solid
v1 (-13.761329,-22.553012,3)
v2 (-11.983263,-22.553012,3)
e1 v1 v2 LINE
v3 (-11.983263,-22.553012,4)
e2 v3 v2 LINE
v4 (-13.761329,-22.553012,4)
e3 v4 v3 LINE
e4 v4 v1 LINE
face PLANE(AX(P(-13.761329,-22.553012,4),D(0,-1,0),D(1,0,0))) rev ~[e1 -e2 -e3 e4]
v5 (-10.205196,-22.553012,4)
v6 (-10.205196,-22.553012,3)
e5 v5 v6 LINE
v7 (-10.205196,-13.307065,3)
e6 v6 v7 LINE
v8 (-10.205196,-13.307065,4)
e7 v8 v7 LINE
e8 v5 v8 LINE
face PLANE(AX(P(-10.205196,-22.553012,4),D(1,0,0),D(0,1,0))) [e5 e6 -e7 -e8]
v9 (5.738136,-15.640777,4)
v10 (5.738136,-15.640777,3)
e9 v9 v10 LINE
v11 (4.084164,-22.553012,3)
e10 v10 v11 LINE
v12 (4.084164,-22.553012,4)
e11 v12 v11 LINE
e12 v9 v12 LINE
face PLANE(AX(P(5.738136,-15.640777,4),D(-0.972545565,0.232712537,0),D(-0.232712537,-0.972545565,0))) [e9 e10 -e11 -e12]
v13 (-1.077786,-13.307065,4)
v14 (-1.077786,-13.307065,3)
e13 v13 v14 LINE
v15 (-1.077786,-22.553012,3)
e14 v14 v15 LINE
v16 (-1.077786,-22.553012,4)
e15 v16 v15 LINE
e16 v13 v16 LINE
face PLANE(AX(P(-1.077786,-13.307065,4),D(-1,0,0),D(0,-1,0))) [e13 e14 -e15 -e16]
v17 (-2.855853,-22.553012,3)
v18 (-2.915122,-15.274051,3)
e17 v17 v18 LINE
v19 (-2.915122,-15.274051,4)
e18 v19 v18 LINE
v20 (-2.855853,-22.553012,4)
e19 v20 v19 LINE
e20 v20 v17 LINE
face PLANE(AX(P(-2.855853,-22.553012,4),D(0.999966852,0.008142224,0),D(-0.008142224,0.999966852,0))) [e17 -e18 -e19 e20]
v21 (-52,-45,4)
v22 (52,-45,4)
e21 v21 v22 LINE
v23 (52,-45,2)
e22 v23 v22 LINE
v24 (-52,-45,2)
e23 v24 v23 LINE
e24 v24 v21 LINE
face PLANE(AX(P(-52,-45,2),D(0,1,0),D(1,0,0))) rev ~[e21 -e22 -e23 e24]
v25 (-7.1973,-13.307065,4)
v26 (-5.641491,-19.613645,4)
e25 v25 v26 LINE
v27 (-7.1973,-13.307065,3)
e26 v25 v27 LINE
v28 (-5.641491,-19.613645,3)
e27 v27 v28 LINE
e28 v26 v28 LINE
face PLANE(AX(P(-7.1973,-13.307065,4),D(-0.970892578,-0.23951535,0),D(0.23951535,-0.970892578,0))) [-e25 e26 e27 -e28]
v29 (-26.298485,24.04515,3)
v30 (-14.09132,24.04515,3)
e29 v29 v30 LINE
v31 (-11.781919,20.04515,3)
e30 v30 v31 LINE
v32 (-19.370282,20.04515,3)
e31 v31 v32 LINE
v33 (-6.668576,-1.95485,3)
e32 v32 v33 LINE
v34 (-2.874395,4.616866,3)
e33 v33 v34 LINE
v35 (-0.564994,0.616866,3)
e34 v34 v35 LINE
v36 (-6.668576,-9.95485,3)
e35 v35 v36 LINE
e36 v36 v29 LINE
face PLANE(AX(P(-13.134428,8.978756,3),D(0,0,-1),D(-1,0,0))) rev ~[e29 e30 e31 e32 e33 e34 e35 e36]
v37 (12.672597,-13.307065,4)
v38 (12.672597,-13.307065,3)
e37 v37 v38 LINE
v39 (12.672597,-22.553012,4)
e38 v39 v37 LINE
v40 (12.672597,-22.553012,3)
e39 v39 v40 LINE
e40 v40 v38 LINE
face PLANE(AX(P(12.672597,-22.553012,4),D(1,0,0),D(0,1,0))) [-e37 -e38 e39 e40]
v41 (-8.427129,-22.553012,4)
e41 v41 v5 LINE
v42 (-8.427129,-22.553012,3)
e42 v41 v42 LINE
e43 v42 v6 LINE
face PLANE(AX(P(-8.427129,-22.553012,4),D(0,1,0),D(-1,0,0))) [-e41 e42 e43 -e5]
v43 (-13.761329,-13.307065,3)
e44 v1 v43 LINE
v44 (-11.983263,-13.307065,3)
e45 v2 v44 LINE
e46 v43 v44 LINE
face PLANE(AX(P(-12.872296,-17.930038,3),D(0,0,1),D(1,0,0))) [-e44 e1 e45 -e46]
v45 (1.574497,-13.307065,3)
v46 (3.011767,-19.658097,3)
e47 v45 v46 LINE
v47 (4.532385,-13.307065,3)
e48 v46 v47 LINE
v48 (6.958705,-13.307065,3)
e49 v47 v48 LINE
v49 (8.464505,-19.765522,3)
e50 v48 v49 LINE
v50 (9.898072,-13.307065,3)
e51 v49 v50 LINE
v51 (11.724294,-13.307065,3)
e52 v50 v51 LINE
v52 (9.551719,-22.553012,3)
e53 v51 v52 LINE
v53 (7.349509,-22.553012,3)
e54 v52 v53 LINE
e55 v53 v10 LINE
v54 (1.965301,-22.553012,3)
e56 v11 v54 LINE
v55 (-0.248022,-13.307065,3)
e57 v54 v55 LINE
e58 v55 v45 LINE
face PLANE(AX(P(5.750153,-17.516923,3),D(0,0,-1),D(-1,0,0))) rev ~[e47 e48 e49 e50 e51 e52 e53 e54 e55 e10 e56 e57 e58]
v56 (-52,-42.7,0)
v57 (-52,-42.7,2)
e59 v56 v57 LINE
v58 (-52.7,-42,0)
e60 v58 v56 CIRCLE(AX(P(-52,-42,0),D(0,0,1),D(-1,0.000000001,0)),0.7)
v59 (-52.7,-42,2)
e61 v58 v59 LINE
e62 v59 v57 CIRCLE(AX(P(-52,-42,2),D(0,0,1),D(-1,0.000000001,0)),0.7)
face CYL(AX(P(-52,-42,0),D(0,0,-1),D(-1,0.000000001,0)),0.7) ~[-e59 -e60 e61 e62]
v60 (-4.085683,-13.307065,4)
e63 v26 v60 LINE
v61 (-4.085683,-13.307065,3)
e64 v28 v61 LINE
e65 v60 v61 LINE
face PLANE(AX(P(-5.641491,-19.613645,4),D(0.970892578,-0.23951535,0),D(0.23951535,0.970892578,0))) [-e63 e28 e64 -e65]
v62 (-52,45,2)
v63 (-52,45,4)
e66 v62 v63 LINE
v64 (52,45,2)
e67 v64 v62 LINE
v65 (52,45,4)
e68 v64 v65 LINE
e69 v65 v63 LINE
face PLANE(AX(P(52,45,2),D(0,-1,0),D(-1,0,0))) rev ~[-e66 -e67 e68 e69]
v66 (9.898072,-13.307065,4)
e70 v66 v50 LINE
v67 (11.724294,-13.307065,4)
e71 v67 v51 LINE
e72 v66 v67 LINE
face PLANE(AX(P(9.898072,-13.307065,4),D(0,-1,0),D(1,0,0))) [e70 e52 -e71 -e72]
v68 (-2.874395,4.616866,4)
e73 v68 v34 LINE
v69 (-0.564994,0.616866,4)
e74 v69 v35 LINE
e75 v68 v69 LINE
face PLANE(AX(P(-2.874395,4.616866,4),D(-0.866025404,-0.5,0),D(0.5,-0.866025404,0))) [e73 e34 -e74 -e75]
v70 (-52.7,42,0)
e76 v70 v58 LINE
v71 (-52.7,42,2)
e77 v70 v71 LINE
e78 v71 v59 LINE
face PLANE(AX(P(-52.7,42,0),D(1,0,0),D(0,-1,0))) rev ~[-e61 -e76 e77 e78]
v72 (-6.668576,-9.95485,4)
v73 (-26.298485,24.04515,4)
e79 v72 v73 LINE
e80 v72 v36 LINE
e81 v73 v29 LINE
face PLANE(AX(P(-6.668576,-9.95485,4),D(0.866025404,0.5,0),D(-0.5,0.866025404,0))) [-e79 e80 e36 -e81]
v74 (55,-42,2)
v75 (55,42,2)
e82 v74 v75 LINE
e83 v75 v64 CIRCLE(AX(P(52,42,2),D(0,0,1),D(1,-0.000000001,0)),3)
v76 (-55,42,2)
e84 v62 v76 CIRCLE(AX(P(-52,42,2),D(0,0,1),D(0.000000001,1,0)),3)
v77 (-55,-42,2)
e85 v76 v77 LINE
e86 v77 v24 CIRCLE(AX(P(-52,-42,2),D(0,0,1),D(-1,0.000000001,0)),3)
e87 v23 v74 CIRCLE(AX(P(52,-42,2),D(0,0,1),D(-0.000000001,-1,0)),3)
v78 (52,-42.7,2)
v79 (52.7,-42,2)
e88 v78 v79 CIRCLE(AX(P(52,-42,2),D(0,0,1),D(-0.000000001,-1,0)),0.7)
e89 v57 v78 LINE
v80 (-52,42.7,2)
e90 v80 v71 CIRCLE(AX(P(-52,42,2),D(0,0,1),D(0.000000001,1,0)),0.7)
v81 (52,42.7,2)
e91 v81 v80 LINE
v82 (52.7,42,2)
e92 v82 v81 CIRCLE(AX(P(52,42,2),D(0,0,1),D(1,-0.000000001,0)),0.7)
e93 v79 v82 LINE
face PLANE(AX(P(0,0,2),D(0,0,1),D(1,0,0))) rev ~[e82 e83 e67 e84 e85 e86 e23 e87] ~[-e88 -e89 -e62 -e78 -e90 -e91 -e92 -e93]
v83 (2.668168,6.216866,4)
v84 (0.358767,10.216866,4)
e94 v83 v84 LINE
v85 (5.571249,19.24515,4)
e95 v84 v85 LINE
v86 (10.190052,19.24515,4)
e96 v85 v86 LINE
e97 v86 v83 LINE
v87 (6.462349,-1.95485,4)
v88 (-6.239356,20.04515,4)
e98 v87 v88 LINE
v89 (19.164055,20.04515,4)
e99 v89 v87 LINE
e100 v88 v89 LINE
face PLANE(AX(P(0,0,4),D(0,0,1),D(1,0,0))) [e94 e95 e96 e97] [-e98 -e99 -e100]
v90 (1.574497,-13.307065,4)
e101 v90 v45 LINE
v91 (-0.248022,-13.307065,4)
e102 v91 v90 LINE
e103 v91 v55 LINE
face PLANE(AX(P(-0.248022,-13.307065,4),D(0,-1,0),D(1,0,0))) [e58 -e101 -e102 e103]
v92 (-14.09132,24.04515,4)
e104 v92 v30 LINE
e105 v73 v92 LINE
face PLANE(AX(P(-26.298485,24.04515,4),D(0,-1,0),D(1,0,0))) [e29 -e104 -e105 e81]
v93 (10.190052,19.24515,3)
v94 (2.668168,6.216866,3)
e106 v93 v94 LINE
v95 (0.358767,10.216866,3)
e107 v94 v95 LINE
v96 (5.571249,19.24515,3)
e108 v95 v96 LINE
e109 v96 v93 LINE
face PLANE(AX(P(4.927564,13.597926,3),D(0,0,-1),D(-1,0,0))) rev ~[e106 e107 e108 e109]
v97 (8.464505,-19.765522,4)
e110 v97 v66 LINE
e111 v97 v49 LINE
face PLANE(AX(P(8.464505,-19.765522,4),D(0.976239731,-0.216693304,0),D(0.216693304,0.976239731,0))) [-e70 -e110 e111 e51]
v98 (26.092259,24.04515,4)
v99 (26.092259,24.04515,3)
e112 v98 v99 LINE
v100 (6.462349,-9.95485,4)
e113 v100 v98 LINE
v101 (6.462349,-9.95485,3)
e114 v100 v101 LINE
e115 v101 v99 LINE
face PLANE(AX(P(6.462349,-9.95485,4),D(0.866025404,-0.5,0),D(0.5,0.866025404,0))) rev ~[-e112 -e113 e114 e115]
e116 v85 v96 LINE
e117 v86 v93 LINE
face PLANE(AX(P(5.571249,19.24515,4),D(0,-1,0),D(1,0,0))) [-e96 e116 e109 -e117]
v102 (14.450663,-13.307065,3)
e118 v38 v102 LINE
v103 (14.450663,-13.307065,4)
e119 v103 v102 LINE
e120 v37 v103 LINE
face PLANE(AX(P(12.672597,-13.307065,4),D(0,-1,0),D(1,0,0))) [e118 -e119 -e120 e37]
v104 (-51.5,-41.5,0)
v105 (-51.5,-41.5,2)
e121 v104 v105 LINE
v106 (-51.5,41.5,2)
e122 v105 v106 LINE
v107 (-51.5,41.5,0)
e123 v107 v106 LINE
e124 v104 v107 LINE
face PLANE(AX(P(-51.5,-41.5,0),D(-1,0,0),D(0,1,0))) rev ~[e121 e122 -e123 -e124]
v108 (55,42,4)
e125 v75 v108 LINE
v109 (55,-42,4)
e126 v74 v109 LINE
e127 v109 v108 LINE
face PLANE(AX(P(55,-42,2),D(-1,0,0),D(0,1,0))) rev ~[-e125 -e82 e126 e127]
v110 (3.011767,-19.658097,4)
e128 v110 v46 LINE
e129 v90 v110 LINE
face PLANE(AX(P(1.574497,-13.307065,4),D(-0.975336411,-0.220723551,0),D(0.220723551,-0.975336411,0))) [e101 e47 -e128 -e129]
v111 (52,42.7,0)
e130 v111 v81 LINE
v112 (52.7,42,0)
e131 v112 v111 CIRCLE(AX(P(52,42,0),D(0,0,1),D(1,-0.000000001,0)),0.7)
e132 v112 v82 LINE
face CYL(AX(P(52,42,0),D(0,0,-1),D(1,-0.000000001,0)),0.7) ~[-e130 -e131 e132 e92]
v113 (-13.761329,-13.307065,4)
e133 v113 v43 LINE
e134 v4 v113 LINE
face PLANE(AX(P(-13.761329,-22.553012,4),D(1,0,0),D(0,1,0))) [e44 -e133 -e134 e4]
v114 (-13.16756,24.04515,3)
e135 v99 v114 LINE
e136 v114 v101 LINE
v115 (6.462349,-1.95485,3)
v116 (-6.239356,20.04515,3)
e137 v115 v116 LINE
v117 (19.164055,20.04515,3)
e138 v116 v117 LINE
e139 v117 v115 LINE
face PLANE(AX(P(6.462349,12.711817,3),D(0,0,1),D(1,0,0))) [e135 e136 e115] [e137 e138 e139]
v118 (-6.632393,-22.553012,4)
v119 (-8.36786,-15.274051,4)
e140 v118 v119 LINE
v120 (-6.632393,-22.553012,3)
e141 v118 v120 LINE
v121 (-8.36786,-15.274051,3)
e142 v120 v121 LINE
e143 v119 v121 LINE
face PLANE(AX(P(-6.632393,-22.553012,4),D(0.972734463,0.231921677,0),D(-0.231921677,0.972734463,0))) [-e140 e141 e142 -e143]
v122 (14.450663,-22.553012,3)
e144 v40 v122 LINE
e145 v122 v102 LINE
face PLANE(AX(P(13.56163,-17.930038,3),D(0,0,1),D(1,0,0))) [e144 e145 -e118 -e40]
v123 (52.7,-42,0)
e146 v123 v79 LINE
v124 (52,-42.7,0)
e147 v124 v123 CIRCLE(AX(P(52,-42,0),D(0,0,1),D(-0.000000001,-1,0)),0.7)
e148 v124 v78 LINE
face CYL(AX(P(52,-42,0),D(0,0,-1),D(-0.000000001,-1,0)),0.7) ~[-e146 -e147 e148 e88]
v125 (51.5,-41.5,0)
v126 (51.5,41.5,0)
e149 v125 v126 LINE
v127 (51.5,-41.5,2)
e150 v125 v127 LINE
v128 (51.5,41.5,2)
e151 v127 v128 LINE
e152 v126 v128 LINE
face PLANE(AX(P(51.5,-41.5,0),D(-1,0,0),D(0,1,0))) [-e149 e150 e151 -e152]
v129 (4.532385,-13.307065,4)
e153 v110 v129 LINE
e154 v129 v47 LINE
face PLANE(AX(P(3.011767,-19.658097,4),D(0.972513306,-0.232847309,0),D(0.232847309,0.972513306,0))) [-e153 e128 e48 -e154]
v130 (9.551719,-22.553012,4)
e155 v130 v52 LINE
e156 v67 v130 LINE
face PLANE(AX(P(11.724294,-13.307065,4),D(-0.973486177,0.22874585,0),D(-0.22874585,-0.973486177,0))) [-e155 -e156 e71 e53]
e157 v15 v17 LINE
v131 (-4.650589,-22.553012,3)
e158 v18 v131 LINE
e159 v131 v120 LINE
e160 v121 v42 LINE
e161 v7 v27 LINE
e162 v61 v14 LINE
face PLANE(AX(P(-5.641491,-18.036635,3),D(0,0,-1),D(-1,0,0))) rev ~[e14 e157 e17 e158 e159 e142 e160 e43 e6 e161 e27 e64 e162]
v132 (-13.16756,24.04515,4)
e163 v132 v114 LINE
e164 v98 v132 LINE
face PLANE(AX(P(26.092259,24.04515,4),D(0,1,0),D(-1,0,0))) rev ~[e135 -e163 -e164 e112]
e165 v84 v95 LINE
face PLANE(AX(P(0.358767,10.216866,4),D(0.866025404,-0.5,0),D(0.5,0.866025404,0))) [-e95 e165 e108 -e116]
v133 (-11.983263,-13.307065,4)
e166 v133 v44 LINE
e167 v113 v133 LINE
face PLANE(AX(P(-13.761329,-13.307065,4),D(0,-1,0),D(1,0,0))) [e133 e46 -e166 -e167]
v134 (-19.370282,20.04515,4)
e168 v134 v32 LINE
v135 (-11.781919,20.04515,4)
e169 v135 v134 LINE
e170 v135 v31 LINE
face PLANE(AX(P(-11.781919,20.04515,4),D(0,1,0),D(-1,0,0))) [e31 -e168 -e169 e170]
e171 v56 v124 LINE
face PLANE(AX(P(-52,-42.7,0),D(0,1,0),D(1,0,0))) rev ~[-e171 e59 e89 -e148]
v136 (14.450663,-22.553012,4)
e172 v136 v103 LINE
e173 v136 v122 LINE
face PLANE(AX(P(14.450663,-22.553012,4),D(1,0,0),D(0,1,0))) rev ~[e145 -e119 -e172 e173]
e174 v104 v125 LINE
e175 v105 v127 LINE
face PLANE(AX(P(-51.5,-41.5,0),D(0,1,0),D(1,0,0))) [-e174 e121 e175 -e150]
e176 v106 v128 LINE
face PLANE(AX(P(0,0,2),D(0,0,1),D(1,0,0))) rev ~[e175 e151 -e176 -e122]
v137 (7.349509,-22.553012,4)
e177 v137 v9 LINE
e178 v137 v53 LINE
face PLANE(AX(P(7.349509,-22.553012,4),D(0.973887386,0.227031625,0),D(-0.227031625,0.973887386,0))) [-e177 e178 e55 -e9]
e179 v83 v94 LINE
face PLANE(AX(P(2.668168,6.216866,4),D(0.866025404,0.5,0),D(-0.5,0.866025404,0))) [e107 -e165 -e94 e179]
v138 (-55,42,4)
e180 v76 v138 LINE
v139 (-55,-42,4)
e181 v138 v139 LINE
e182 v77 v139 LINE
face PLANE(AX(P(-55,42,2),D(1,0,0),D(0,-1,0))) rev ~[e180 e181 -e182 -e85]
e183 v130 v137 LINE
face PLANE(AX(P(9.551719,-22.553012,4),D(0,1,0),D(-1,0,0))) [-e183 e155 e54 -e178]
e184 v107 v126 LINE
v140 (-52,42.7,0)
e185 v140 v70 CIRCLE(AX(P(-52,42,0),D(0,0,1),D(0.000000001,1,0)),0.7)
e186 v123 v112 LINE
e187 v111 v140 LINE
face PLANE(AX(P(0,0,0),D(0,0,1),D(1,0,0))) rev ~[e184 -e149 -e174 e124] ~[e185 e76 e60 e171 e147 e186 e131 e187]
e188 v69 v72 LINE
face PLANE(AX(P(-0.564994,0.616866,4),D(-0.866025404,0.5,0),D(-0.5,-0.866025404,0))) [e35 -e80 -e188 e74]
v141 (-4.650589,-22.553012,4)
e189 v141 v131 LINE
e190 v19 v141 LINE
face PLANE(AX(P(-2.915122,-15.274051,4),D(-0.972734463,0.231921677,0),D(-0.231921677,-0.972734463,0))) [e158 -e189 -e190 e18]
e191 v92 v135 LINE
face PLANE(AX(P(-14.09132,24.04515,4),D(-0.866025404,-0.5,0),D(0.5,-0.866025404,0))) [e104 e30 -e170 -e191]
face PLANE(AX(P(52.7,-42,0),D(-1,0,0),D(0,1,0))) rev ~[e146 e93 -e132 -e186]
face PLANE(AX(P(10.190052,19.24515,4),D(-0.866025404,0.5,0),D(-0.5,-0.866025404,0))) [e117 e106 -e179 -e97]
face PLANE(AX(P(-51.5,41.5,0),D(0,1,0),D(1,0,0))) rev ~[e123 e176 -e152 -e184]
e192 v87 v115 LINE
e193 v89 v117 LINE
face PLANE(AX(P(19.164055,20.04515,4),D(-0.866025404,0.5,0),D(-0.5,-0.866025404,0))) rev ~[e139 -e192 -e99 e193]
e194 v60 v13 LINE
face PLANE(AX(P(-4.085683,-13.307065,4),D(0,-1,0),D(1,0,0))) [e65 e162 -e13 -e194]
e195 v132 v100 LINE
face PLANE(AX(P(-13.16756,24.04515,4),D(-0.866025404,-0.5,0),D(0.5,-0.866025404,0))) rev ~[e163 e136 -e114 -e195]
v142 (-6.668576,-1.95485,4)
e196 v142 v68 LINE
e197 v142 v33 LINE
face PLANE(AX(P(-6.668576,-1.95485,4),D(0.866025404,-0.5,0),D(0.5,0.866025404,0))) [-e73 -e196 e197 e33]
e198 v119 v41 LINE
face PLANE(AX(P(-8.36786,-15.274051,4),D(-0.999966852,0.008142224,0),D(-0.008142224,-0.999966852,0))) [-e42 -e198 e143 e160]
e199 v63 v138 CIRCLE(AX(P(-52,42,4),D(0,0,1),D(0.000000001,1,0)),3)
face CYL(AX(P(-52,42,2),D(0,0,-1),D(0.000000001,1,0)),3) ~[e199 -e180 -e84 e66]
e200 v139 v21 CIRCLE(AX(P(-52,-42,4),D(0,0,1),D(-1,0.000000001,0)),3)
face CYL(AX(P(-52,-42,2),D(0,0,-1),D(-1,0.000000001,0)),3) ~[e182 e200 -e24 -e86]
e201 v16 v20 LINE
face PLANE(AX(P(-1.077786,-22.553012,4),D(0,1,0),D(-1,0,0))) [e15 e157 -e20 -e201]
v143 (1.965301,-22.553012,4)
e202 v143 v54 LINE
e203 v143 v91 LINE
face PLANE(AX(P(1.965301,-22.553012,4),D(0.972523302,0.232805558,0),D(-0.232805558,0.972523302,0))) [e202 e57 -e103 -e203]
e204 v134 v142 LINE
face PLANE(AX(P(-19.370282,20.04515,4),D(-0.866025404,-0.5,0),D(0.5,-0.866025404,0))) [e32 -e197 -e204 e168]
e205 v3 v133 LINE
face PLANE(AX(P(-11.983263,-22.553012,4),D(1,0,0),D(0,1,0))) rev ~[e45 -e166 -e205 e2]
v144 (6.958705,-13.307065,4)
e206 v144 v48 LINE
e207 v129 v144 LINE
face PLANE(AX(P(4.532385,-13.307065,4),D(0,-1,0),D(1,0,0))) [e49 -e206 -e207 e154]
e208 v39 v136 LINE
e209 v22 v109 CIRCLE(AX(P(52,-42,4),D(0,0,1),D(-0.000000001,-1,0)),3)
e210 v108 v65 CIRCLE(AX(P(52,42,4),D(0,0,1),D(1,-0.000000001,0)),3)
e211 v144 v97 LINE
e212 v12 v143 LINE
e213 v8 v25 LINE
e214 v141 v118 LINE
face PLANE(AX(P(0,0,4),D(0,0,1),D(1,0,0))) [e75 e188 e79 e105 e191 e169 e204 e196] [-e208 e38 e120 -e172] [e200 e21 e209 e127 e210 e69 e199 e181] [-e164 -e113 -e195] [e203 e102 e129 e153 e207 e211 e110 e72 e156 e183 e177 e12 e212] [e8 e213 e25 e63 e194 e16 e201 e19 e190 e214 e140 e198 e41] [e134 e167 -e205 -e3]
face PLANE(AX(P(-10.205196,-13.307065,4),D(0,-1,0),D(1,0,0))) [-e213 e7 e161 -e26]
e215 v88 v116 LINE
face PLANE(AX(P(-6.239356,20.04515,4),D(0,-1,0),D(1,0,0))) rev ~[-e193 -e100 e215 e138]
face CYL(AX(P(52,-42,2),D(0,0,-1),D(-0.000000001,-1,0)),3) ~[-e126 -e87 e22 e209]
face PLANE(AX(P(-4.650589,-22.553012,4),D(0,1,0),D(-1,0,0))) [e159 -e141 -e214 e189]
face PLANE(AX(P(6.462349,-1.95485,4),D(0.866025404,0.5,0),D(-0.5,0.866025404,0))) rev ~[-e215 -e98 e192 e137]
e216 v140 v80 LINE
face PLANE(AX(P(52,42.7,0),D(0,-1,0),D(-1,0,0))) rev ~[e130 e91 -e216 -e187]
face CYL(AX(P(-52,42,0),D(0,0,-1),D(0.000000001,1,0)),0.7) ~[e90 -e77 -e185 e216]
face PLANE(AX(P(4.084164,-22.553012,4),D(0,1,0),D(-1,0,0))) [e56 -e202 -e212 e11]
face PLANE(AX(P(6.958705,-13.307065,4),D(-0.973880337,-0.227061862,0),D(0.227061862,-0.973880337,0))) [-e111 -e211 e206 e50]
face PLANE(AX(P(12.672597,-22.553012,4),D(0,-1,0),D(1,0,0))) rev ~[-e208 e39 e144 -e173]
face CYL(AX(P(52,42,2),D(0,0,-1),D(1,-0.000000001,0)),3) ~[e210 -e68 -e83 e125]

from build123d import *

# Parameters (mm, degrees)
SKETCH1_W           = 103
SKETCH1_H           = 83
BOSS_EXTRUDE1_DEPTH = 2
BOSS_EXTRUDE3_DEPTH = 2
CUT_EXTRUDE1_DEPTH  = 1
SKETCH5_W           = 1.778066781
SKETCH5_H           = 9.245947266
SKETCH5_W_2         = 1.778066782
CUT_EXTRUDE2_DEPTH  = 1


with BuildPart() as part:
    # Sketch1 → Boss-Extrude1 (new body)
    with BuildSketch(Plane.XY):
        with BuildLine():
            Line((-52.7, 42), (-52.7, -42))
            ThreePointArc((-52.7, -42), (-52.494974747, -42.494974747), (-52, -42.7))
            Line((-52, -42.7), (52, -42.7))
            ThreePointArc((52, -42.7), (52.494974747, -42.494974747), (52.7, -42))
            Line((52.7, -42), (52.7, 42))
            ThreePointArc((52.7, 42), (52.494974747, 42.494974747), (52, 42.7))
            Line((52, 42.7), (-52, 42.7))
            ThreePointArc((-52, 42.7), (-52.494974747, 42.494974747), (-52.7, 42))
        make_face()
        Rectangle(SKETCH1_W, SKETCH1_H, mode=Mode.SUBTRACT)
    extrude(amount=BOSS_EXTRUDE1_DEPTH)

    # Sketch3 → Boss-Extrude3 (add)
    with BuildSketch(Plane.XY.offset(2)):
        with BuildLine():
            Line((52, 45), (-52, 45))
            ThreePointArc((-52, 45), (-54.121320344, 44.121320344), (-55, 42))
            Line((-55, 42), (-55, -42))
            ThreePointArc((-55, -42), (-54.121320344, -44.121320344), (-52, -45))
            Line((-52, -45), (52, -45))
            ThreePointArc((52, -45), (54.121320344, -44.121320344), (55, -42))
            Line((55, -42), (55, 42))
            ThreePointArc((55, 42), (54.121320344, 44.121320344), (52, 45))
        make_face()
    extrude(amount=BOSS_EXTRUDE3_DEPTH)

    # Sketch4 → Cut-Extrude1 (cut)
    # profile 1 of 3: a face of its own
    with BuildSketch(Plane.XY.offset(4)):
        Polygon((12.961332904, 24.04515047), (-13.167559701, 24.04515047), (6.462349451, -9.95484953), (26.092258604, 24.04515047), align=None)
        Polygon((-6.239356471, 20.04515047), (6.033129674, 20.04515047), (19.164055373, 20.04515047), (6.462349451, -1.95484953), align=None, mode=Mode.SUBTRACT)
    # profile 2 of 3: a face of its own
    with BuildSketch(Plane.XY.offset(4)):
        Polygon((0.358766817, 10.216865701), (5.571249459, 19.24515047), (10.190051612, 19.24515047), (2.668167894, 6.216865701), align=None)
    # profile 3 of 3: a face of its own
    with BuildSketch(Plane.XY.offset(4)):
        Polygon((-14.091320132, 24.04515047), (-11.781919055, 20.04515047), (-19.37028217, 20.04515047), (-6.668576248, -1.95484953), (-2.874394691, 4.616865701), (-0.564993614, 0.616865701), (-6.668576248, -9.95484953), (-26.298485401, 24.04515047), align=None)
    extrude(amount=-CUT_EXTRUDE1_DEPTH, mode=Mode.SUBTRACT)

    # Sketch5 → Cut-Extrude2 (cut)
    with BuildSketch(Plane.XY.offset(4)):
        with Locations((-12.872296082, -17.930038178)):
            Rectangle(SKETCH5_W, SKETCH5_H)
        Polygon((-10.205195909, -22.553011811), (-10.205195909, -13.307064545), (-7.197299603, -13.307064545), (-5.641491169, -19.613645162), (-4.085682735, -13.307064545), (-1.077786429, -13.307064545), (-1.077786429, -22.553011811), (-2.85585321, -22.553011811), (-2.915122103, -15.274050923), (-4.650589368, -22.553011811), (-6.632392969, -22.553011811), (-8.367860234, -15.274050923), (-8.427129127, -22.553011811), align=None)
        Polygon((1.965300782, -22.553011811), (-0.24802193, -13.307064545), (1.574496521, -13.307064545), (3.01176717, -19.658096832), (4.532384699, -13.307064545), (6.958704995, -13.307064545), (8.464505301, -19.7655217), (9.898071644, -13.307064545), (11.724294401, -13.307064545), (9.551719052, -22.553011811), (7.349509256, -22.553011811), (5.738136235, -15.640777196), (4.084163698, -22.553011811), align=None)
        with Locations((13.561630075, -17.930038178)):
            Rectangle(SKETCH5_W_2, SKETCH5_H)
    extrude(amount=-CUT_EXTRUDE2_DEPTH, mode=Mode.SUBTRACT)


solid = part.part
